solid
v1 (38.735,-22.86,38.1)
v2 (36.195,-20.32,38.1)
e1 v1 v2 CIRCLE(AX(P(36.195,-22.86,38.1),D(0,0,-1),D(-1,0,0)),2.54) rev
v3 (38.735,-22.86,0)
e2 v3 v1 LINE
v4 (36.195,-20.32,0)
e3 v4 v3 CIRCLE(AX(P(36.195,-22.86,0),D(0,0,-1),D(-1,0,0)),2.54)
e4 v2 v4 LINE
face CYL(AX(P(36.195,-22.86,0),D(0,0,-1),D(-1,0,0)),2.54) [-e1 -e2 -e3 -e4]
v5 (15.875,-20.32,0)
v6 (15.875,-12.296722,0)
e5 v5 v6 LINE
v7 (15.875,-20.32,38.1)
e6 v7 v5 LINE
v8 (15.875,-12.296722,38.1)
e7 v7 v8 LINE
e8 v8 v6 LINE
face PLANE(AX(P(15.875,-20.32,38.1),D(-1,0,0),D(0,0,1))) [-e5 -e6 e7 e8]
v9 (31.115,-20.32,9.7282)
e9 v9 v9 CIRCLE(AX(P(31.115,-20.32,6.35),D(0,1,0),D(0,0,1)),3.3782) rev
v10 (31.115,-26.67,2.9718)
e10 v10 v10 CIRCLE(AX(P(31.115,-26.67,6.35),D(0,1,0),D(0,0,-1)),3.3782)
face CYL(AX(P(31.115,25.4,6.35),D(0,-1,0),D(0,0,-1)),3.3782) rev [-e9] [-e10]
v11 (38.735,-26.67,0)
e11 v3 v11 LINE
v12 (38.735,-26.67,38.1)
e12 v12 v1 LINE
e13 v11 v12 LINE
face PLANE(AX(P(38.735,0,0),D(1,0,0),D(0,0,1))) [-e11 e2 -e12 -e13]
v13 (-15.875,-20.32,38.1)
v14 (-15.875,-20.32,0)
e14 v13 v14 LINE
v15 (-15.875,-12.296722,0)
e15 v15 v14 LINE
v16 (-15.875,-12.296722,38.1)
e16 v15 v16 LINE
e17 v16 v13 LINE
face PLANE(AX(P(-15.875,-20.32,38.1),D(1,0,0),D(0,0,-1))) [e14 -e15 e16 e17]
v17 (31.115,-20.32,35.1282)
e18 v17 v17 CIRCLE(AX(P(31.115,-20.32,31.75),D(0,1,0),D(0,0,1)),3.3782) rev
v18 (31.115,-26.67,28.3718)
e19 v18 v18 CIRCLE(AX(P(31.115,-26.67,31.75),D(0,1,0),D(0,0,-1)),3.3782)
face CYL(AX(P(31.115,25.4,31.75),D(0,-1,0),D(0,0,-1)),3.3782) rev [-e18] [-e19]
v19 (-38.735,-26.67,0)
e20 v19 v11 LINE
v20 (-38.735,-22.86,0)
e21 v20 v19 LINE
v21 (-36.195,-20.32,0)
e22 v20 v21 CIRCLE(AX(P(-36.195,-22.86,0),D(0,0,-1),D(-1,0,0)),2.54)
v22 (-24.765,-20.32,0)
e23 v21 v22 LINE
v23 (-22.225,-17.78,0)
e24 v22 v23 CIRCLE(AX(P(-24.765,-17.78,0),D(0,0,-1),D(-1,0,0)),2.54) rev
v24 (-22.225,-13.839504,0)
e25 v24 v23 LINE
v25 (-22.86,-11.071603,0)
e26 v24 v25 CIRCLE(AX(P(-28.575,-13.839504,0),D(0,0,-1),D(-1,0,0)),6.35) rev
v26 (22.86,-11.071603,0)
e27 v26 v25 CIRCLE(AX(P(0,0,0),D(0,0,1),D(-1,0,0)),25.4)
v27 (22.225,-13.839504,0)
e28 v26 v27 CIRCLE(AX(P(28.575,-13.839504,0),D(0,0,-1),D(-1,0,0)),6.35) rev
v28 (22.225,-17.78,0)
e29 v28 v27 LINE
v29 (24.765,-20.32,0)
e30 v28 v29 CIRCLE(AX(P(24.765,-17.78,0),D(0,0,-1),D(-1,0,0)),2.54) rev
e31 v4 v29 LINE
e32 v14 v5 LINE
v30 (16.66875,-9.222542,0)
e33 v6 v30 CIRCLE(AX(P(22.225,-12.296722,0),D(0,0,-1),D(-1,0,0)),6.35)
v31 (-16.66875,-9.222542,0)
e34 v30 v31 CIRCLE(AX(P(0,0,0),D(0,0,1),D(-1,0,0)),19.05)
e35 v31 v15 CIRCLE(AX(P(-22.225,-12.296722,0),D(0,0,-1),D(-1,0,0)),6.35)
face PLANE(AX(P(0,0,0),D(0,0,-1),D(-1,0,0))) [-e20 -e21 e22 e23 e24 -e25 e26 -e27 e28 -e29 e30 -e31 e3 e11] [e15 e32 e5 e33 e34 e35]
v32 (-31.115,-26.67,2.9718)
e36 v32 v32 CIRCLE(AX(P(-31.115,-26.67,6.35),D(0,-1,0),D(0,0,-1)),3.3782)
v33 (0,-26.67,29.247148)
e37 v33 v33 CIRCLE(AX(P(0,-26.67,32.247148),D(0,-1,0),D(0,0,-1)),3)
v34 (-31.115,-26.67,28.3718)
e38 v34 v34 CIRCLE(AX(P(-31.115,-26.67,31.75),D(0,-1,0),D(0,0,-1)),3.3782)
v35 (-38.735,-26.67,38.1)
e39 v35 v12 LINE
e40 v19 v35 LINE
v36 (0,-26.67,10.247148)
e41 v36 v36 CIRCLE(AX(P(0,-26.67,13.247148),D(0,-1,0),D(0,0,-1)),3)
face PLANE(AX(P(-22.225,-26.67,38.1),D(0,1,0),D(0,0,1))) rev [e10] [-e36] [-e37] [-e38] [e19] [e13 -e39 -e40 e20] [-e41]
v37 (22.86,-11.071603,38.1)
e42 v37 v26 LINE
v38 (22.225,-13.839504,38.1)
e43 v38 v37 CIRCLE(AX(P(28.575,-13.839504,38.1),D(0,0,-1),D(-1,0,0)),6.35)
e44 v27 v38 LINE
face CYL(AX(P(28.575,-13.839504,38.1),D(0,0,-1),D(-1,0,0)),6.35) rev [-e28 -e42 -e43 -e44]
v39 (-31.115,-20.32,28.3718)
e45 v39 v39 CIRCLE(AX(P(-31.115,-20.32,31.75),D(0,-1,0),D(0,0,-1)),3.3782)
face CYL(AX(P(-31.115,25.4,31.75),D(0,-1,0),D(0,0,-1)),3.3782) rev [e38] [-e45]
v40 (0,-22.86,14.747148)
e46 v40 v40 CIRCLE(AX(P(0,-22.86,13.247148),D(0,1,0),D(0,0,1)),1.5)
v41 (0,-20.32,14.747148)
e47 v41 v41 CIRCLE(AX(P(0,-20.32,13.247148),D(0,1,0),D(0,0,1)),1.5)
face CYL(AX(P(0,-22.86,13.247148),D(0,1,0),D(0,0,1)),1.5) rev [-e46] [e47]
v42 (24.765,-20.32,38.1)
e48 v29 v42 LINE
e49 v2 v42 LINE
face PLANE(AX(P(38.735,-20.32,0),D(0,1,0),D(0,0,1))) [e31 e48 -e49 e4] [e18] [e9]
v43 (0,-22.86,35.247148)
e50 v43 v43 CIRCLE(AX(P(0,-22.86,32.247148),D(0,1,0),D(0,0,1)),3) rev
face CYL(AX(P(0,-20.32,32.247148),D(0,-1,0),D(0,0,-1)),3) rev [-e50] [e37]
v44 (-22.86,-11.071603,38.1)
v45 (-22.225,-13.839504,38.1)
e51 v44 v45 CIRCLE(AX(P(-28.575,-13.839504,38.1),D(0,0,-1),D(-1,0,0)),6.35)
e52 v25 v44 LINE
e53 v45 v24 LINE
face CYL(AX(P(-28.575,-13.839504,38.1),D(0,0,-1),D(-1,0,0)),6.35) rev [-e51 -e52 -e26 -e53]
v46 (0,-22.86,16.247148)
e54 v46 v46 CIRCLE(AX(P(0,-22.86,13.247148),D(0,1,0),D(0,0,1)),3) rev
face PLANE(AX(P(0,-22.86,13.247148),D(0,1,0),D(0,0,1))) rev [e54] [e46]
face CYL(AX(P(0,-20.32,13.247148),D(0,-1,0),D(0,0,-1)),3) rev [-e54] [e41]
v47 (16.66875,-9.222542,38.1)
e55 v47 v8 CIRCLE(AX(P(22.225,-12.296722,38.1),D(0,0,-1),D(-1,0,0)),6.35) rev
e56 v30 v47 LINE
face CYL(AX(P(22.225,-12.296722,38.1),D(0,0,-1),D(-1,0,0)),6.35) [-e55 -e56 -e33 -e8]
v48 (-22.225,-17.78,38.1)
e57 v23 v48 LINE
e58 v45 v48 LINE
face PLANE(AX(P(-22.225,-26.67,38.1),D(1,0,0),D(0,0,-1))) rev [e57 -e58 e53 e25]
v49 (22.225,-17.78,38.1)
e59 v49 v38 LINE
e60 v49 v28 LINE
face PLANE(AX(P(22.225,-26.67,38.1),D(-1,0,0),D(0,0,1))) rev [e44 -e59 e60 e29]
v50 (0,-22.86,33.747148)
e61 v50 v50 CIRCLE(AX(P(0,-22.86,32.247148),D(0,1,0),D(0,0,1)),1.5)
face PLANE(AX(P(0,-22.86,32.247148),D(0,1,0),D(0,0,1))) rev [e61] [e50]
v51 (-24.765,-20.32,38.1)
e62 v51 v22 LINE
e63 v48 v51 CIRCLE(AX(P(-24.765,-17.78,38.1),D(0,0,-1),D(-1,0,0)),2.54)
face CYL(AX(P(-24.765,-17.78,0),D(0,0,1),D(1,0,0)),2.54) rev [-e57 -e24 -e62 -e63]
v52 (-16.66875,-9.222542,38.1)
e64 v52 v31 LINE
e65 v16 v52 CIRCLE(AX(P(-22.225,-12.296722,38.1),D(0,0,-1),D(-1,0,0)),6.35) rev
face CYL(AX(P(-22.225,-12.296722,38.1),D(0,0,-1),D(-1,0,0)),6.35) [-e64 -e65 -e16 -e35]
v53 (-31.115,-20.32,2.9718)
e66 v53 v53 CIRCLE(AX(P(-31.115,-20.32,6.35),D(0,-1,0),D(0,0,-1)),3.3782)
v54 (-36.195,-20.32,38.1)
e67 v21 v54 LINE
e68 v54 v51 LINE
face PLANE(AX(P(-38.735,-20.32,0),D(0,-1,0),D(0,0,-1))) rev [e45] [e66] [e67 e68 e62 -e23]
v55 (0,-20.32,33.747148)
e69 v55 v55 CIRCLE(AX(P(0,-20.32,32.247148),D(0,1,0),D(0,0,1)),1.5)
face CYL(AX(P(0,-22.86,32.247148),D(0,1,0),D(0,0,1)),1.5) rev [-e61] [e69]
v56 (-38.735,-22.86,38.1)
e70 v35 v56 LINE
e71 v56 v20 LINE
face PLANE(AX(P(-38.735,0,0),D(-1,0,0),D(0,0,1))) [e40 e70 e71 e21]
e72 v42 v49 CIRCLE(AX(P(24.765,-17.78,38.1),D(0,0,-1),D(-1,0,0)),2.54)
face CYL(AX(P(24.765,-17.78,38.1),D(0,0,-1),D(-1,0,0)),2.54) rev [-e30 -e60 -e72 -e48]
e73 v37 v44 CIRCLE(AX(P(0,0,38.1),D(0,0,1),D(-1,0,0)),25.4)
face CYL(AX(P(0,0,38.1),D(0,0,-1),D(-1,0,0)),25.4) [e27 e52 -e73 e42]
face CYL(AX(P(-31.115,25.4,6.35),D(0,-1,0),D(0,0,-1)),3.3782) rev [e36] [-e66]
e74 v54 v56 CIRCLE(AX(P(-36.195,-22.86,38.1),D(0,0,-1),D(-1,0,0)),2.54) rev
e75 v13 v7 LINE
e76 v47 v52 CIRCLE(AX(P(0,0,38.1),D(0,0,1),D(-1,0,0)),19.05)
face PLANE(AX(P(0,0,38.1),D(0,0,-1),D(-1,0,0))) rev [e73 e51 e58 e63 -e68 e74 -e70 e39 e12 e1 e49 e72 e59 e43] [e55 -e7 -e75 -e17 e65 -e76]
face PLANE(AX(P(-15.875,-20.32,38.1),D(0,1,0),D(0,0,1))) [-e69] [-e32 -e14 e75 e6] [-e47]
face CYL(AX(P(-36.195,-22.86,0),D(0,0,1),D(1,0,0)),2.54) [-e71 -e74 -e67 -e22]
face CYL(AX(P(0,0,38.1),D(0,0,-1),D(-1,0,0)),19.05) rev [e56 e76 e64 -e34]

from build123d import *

# Parameters (mm, degrees)
BOSS_EXTRUDE1_DEPTH = 38.1
FILLET1_R           = 6.35
CUT_EXTRUDE1_REACH  = 71.34
SKETCH2_R           = 1.7
SKETCH2_3_R         = 3
SKETCH2_3_R_2       = 1.7
CUT_EXTRUDE2_DEPTH  = 6.35
SKETCH5_W           = 38.1
SKETCH5_H           = 6.35
BOSS_EXTRUDE3_DEPTH = 16.51
SKETCH6_R           = 3.3782
CUT_EXTRUDE3_DEPTH  = 76.254867783
FILLET2_R           = 2.54
BOSS_EXTRUDE4_START = -2.54
SKETCH7_R           = 3
SKETCH7_R_2         = 1.5
BOSS_EXTRUDE4_DEPTH = 2.54


with BuildPart() as part:
    # Sketch1 → Boss-Extrude1 (new body)
    with BuildSketch(Plane.XY):
        with BuildLine():
            Line((22.225, -26.67), (22.225, -12.296722124))
            ThreePointArc((22.225, -12.296722124), (0, 25.4), (-22.225, -12.296722124))
            Line((-22.225, -12.296722124), (-22.225, -26.67))
            Line((-22.225, -26.67), (22.225, -26.67))
        make_face()
        with BuildLine():
            Line((-15.875, -20.32), (15.875, -20.32))
            Line((15.875, -20.32), (15.875, -10.530283709))
            ThreePointArc((15.875, -10.530283709), (0, 19.05), (-15.875, -10.530283709))
            Line((-15.875, -10.530283709), (-15.875, -20.32))
        make_face(mode=Mode.SUBTRACT)
    extrude(amount=BOSS_EXTRUDE1_DEPTH)

    # Fillet1
    fillet1_edges = [part.edges().sort_by_distance(p)[0] for p in [
        (22.225, -12.296722124, 19.05),
        (15.875, -10.530283709, 19.05),
        (-22.225, -12.296722124, 19.05),
        (-15.875, -10.530283709, 19.05),
    ]]
    fillet(fillet1_edges, radius=FILLET1_R)

    # Sketch2 → Cut-Extrude1 (cut, up to next)
    with BuildSketch(Plane.XZ.offset(26.67), mode=Mode.PRIVATE) as cut_extrude1_sk1:
        with Locations((0, 32.2471478)):
            Circle(SKETCH2_R)
    cut_extrude1_tool1 = extrude(cut_extrude1_sk1.sketch, amount=-CUT_EXTRUDE1_REACH, mode=Mode.PRIVATE) & part.part
    # Sketch2 → Cut-Extrude1 (cut, up to next)
    with BuildSketch(Plane.XZ.offset(26.67), mode=Mode.PRIVATE) as cut_extrude1_sk2:
        with Locations((0, 13.2471478)):
            Circle(SKETCH2_R)
    cut_extrude1_tool2 = extrude(cut_extrude1_sk2.sketch, amount=-CUT_EXTRUDE1_REACH, mode=Mode.PRIVATE) & part.part
    add(cut_extrude1_tool1.solids().sort_by_distance((0, -26.67, 32.247148))[0], mode=Mode.SUBTRACT)
    add(cut_extrude1_tool2.solids().sort_by_distance((0, -26.67, 13.247148))[0], mode=Mode.SUBTRACT)

    # Sketch2<3> → Cut-Extrude2 (cut)
    # profile 1 of 2: a face of its own
    with BuildSketch(Plane.XZ.offset(26.67)):
        with Locations((0, 32.2471478)):
            Circle(SKETCH2_3_R)
        with Locations((0, 32.2471478)):
            Circle(SKETCH2_3_R_2, mode=Mode.SUBTRACT)
    # profile 2 of 2: a face of its own
    with BuildSketch(Plane.XZ.offset(26.67)):
        with Locations((0, 13.2471478)):
            Circle(SKETCH2_3_R)
        with Locations((0, 13.2471478)):
            Circle(SKETCH2_3_R_2, mode=Mode.SUBTRACT)
    extrude(amount=-CUT_EXTRUDE2_DEPTH, mode=Mode.SUBTRACT)

    # Sketch5 → Boss-Extrude3 (add)
    with BuildSketch(Plane.ZY.offset(22.225)):
        with Locations((19.05, -23.495)):
            Rectangle(SKETCH5_W, SKETCH5_H)
    boss_extrude3 = extrude(amount=BOSS_EXTRUDE3_DEPTH)

    # Sketch6 → Cut-Extrude3 (cut, through all)
    with BuildSketch(Plane(origin=(0, -26.67, 0), x_dir=(-1, 0, 0), z_dir=(0, -1, 0))):
        with Locations((31.115, -6.35)):
            Circle(SKETCH6_R)
        with Locations((31.115, -31.75)):
            Circle(SKETCH6_R)
    cut_extrude3 = extrude(amount=-CUT_EXTRUDE3_DEPTH, mode=Mode.SUBTRACT)

    # Mirror1: Boss-Extrude3, Cut-Extrude3 across plane
    add(boss_extrude3.mirror(Plane(origin=(0, 0, 0), x_dir=(0, 0, 1), z_dir=(1, 0, 0))))
    add(cut_extrude3.mirror(Plane(origin=(0, 0, 0), x_dir=(0, 0, 1), z_dir=(1, 0, 0))), mode=Mode.SUBTRACT)

    # Fillet2
    fillet2_edges = [part.edges().sort_by_distance(p)[0] for p in [
        (38.735, -20.32, 19.05),
        (22.225, -20.32, 19.05),
        (-38.735, -20.32, 19.05),
        (-22.225, -20.32, 19.05),
    ]]
    fillet(fillet2_edges, radius=FILLET2_R)

    # Sketch7 → Boss-Extrude4 (add)
    # profile 1 of 2: a face of its own
    with BuildSketch(Plane(origin=(0, -20.32, 0), x_dir=(1, 0, 0), z_dir=(0, 1, 0)).offset(BOSS_EXTRUDE4_START)):
        with Locations((0, -13.2471478)):
            Circle(SKETCH7_R)
        with Locations((0, -13.2471478)):
            Circle(SKETCH7_R_2, mode=Mode.SUBTRACT)
    # profile 2 of 2: a face of its own
    with BuildSketch(Plane(origin=(0, -20.32, 0), x_dir=(1, 0, 0), z_dir=(0, 1, 0)).offset(BOSS_EXTRUDE4_START)):
        with Locations((0, -32.2471478)):
            Circle(SKETCH7_R)
        with Locations((0, -32.2471478)):
            Circle(SKETCH7_R_2, mode=Mode.SUBTRACT)
    extrude(amount=BOSS_EXTRUDE4_DEPTH)


solid = part.part
